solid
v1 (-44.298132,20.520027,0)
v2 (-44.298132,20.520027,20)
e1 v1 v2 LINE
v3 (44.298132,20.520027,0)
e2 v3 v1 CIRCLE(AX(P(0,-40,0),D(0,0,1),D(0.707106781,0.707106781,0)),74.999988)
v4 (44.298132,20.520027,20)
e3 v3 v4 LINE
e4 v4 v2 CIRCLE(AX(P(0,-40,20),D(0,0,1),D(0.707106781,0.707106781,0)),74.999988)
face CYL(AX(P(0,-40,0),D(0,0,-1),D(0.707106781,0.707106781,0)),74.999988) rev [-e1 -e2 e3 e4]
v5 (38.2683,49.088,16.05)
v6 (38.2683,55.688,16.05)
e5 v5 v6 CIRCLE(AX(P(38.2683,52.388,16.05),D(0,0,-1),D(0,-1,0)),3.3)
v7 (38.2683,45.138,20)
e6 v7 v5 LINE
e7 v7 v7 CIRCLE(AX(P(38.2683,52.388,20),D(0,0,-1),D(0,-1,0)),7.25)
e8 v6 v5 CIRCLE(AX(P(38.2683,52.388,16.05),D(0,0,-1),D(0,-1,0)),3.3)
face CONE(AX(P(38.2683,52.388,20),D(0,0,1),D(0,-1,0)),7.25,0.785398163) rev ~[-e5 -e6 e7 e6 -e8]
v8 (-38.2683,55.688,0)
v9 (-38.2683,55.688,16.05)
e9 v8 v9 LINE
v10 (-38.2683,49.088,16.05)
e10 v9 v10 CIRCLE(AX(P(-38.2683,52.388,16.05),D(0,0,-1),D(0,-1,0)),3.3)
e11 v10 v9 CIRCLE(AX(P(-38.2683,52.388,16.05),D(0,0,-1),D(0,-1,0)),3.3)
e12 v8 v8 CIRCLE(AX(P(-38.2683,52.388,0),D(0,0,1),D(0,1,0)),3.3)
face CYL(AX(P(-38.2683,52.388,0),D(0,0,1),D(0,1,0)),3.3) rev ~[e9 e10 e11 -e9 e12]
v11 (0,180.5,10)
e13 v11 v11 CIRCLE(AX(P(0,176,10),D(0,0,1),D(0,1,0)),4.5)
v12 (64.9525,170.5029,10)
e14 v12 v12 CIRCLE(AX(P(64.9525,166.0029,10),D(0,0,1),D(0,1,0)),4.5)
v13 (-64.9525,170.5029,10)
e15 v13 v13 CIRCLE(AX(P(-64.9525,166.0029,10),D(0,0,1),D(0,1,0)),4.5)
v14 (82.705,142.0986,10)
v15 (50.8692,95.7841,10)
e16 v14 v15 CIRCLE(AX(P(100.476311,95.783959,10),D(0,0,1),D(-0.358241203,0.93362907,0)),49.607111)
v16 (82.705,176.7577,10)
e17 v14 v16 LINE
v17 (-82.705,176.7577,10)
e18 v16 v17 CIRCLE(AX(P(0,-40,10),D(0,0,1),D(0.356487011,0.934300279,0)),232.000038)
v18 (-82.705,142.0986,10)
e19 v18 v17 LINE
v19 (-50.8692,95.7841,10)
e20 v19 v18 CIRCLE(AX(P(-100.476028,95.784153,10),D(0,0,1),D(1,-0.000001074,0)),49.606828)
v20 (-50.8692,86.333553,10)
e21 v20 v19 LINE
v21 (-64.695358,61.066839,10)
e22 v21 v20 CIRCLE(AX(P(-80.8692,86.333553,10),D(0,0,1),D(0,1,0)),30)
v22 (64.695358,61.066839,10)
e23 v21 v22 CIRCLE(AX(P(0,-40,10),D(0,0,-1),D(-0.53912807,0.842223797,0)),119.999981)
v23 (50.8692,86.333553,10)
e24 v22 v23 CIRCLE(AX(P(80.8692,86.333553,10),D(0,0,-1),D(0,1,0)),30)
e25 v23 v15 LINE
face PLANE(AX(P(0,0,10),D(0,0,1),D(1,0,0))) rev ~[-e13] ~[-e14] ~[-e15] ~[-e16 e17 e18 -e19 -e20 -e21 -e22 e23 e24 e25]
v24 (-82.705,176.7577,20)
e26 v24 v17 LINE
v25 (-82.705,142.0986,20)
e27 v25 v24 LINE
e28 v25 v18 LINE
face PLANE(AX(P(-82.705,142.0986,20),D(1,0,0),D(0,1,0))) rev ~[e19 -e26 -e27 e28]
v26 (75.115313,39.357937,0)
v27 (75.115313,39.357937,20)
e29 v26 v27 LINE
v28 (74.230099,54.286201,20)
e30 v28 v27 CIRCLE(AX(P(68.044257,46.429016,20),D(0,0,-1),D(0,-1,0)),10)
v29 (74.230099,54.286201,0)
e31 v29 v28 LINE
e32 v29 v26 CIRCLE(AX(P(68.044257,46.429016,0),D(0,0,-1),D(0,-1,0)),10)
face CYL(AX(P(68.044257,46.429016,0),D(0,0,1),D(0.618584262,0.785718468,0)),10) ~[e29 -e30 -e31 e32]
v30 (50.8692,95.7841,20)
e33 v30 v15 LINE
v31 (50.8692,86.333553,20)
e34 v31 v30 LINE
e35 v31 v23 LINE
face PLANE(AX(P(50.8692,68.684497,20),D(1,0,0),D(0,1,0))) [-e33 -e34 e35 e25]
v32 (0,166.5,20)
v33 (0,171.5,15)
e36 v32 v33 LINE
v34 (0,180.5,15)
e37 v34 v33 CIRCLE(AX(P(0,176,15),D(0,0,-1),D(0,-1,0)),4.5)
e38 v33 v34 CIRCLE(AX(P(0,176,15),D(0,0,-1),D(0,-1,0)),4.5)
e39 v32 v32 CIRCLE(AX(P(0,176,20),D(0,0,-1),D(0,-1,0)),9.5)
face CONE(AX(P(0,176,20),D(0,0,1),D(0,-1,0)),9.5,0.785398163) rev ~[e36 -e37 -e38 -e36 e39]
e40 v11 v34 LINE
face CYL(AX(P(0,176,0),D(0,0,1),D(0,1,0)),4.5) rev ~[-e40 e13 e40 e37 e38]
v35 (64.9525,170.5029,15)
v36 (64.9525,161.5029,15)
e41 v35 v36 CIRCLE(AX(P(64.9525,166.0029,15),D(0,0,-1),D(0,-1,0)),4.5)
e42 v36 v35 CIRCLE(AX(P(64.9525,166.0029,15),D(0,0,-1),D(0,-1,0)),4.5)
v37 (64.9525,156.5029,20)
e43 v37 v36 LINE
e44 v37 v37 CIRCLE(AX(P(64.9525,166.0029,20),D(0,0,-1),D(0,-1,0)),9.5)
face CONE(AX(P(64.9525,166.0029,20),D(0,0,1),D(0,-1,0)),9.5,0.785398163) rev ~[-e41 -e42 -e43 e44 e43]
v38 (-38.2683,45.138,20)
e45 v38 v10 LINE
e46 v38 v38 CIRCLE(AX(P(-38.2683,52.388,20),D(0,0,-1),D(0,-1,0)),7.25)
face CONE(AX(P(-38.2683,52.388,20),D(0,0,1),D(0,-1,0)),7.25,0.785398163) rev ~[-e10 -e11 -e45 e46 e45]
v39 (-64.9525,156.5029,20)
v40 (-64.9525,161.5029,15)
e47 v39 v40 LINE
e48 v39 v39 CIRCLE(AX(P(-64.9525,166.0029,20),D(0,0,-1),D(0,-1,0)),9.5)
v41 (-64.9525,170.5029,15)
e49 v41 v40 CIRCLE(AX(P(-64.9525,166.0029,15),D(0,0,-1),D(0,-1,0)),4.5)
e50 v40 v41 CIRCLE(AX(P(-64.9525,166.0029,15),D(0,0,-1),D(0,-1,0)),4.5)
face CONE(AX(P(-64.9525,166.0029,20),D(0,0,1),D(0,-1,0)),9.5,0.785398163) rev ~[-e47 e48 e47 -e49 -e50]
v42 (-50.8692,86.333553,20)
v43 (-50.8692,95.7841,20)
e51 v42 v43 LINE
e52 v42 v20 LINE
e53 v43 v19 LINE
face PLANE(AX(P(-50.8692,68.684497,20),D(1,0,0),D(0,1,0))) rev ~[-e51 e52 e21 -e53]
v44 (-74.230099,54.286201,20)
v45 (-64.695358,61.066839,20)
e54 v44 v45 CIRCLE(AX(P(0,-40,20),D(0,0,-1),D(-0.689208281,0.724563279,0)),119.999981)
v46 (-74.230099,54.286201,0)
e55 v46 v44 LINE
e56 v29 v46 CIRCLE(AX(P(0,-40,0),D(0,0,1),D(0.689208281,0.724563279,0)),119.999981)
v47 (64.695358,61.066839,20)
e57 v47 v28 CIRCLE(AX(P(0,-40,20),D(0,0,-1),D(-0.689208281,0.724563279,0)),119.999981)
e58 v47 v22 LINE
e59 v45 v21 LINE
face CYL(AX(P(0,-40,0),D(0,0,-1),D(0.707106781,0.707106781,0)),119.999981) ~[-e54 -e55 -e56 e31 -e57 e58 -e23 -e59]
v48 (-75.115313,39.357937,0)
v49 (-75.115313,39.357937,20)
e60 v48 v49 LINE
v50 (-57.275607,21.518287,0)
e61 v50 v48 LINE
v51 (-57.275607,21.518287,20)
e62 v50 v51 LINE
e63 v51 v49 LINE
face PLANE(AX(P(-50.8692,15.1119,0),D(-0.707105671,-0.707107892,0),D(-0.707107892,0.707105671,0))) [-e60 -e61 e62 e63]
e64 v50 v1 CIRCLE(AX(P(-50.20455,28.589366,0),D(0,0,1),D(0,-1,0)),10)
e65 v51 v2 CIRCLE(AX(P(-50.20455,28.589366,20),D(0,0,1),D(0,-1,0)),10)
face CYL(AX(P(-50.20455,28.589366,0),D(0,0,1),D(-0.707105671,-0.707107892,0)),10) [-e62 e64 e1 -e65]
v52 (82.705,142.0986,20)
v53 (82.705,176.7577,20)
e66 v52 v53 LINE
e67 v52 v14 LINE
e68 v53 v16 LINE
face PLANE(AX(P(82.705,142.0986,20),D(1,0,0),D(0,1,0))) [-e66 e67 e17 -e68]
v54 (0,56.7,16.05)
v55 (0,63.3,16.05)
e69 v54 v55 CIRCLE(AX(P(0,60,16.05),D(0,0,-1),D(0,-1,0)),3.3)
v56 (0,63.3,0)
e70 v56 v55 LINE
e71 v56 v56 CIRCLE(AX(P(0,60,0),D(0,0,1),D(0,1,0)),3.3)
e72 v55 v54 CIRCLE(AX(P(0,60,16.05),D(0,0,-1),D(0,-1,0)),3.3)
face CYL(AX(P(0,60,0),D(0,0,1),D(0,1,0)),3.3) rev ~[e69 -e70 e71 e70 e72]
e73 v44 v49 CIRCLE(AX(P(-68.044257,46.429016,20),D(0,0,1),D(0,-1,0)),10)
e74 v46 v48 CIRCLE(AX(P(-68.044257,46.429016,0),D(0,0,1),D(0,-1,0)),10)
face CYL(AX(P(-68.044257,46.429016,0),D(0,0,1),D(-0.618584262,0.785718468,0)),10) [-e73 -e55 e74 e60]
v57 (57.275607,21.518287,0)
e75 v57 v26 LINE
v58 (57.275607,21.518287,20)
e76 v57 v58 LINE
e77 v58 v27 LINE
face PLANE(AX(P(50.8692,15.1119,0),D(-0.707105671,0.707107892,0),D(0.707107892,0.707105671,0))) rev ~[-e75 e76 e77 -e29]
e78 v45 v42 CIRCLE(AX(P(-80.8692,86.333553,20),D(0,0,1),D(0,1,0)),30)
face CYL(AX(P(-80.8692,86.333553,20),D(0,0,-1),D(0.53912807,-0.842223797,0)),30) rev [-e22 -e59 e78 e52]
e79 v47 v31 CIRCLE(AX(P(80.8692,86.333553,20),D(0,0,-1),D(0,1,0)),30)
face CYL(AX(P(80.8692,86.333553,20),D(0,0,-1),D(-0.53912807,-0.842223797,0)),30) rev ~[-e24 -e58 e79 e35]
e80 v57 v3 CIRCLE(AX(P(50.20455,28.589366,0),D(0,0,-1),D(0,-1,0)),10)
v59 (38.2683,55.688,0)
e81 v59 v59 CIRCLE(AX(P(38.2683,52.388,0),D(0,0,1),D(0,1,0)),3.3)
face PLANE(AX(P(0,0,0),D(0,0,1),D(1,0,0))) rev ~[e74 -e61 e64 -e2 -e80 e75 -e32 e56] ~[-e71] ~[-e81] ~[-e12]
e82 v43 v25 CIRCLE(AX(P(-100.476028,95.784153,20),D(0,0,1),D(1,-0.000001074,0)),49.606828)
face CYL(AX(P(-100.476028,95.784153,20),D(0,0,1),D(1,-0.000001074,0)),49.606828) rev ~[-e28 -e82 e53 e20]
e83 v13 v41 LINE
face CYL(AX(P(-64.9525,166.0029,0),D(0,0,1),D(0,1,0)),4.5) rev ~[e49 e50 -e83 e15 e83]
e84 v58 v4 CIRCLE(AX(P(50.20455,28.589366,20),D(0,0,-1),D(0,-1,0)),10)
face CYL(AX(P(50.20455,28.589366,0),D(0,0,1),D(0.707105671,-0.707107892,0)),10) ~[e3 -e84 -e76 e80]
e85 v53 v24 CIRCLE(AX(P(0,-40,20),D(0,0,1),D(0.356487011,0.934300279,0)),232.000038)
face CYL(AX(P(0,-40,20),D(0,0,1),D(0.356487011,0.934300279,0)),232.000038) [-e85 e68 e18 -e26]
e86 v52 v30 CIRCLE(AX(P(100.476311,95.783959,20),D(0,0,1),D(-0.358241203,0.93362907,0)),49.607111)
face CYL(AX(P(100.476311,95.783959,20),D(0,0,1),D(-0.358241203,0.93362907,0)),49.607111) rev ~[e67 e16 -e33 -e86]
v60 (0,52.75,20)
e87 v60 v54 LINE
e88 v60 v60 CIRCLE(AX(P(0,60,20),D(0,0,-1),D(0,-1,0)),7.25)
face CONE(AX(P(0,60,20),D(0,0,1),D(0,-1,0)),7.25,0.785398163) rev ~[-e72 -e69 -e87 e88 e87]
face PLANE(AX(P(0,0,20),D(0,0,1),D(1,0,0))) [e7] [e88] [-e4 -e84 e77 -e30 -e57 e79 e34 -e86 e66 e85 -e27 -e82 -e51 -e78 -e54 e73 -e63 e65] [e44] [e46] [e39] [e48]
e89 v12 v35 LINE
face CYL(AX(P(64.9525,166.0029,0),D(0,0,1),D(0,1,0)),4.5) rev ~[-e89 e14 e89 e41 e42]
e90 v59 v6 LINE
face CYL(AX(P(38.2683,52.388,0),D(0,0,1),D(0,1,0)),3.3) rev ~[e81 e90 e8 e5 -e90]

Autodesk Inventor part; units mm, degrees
ref_plane "YZ Plane" through (0, 0, 0) normal (1, 0, 0) x (0, 1, 0)
ref_plane "XZ Plane" through (0, 0, 0) normal (0, 1, 0) x (-1, 0, 0)
ref_plane "XY Plane" through (0, 0, 0) normal (0, 0, 1) x (1, 0, 0)
sketch "Skizze1" plane through (0, 0, 0) normal (0, 0, 1) x (1, 0, 0)
  arc A0 (119.8865, -45.2174) -> (-119.8865, -45.2174) centre (0, -40) ccw construction
  arc A1 (53.033, 13.033) -> (-53.033, 13.033) centre (0, -40) ccw construction
  line L0 (53.033, 13.033) -> (84.8528, 44.8528)
  line L1 (26.163, -9.5944) -> (68.5894, 32.832) construction
  line L2 (0, 0) -> (0, 80) construction
  line L3 (-53.033, 13.033) -> (-84.8528, 44.8528)
  arc A2 (53.033, 13.033) -> (-53.033, 13.033) centre (0, -40) ccw
  arc A3 (84.8528, 44.8528) -> (-84.8528, 44.8528) centre (0, -40) ccw
  arc A4 (41.04, 51.2399) -> (35.4967, 53.536) centre (38.2683, 52.388) ccw construction
  arc A5 (-35.4967, 53.536) -> (-41.04, 51.2399) centre (-38.2683, 52.388) ccw construction
  arc A6 (3, 60) -> (-3, 60) centre (0, 60) ccw construction
  line L4 (50.8692, 15.1119) -> (82.705, 46.9476)
  line L5 (-68.5894, 32.832) -> (-26.163, -9.5944) construction
  line L6 (-50.8692, 15.1119) -> (-82.705, 46.9476)
  circle A7 centre (0, -40) radius 16.5 construction
  line L7 (0, -40) -> (0, 160) construction
  arc A8 (82.705, 176.7577) -> (-82.705, 176.7577) centre (0, -40) ccw
  line L8 (82.705, 46.9476) -> (82.705, 176.7577)
  line L9 (-82.705, 46.9476) -> (-82.705, 176.7577)
  arc A9 (82.705, 142.0986) -> (-82.705, 142.0986) centre (0, -40) ccw construction
  line L10 (50.8692, 15.1119) -> (50.8692, 95.7841)
  arc A10 (82.705, 142.0986) -> (50.8692, 95.7841) centre (100.4762, 95.7841) ccw
  arc A11 (82.705, 79.1003) -> (-82.705, 79.1003) centre (0, -40) ccw construction
  line L11 (-50.8692, 15.1119) -> (-50.8692, 95.7841)
  arc A12 (-50.8692, 95.7841) -> (-82.705, 142.0986) centre (-100.4762, 95.7841) ccw
  arc A13 (82.705, 159.5392) -> (-82.705, 159.5392) centre (0, -40) ccw construction
  line L12 (64.9525, 166.0029) -> (0, -40) construction
  line L13 (0, -40) -> (-64.9525, 166.0029) construction
  circle A14 centre (64.9525, 166.0029) radius 30 construction
  circle A15 centre (0, 176) radius 30 construction
  circle A16 centre (-64.9525, 166.0029) radius 30 construction
  line L14 (0, 105) -> (0, 125) construction
  line L15 (6, 105) -> (6, 125)
  line L16 (-6, 125) -> (-6, 105)
  arc A17 (-6, 105) -> (6, 105) centre (0, 105) ccw
  arc A18 (6, 125) -> (-6, 125) centre (0, 125) ccw
  point P0 (0, 192)
  point P1 (-50.8692, 68.6845)
  point P2 (50.8692, 68.6845)
  point P3 (0, 115)
  dimension "d0" = 45
  dimension "d4" = 200
  dimension "d5" = 32
  dimension "d6" = 25
  dimension "d7" = 32
  dimension "d8" = 16
  dimension "d9" = 35
  dimension "d10" = 17.5
  dimension "d11" = 60
  dimension "d12" = 60
  dimension "d13" = 60
  dimension "d32" = 20
  dimension "d33" = 12
extrude "Extrusion1" add sketch "Skizze1" along normal blind 20 contours L10 A3 L4 | A2 L11 A3 L10 | L6 A3 L11
ref_plane "Arbeitsebene1" through (0, 0, 10) normal (0, 0, 1) x (1, 0, 0)
extrude "Extrusion2" add sketch "Skizze1" against normal blind 10 from surface at 20 contours A3 L11 A12 L9 A8 L8 A10 L10 | A17 L16 A18 L15
hole "Bohrung1" at (38.2683, 52.388, 0) at (0, 60, 0) at (-38.2683, 52.388, 0) direction (0, 0, 1) diameter 6.6 end through all clearance for "Inbusschraube DIN EN ISO 4762" size "M6" standard "DIN"
hole "Bohrung2" at (64.9525, 166.0029, 0) at (0, 176, 0) at (-64.9525, 166.0029, 0) direction (0, 0, 1) diameter 9 end through all clearance for "Inbusschraube DIN EN ISO 4762" size "M8" standard "DIN"
fillet "Rundung1" radius 30 2 edges at (50.8692, 68.6845, 15) (-50.8692, 68.6845, 15)
fillet "Rundung2" radius 10 4 edges at (-82.705, 46.9476, 10) (82.705, 46.9476, 10) (50.8692, 15.1119, 10) (-50.8692, 15.1119, 10)
sketch "Skizze2" plane through (0, 0, 20) normal (0, 0, 1) x (1, 0, 0)
  point P0 (0, 0)
  point P1 (64.9525, 166.0029)
  point P2 (0, 176)
  point P3 (-64.9525, 166.0029)
hole "Bohrung3" at (64.9525, 166.0029, 20) at (0, 176, 20) at (-64.9525, 166.0029, 20) direction (0, 0, -1) diameter 9 end through all countersink diameter 19 countersink angle 90 clearance for "Innensechskant-Senkkopfschraube DIN EN ISO 10642" size "M8" standard "DIN"
sketch "Skizze3" plane through (0, 0, 20) normal (0, 0, 1) x (1, 0, 0)
  point P0 (0, 0)
  point P1 (38.2683, 52.388)
  point P2 (0, 60)
  point P3 (-38.2683, 52.388)
hole "Bohrung4" at (38.2683, 52.388, 20) at (0, 60, 20) at (-38.2683, 52.388, 20) direction (0, 0, -1) diameter 6.6 end through all countersink diameter 14.5 countersink angle 90 clearance for "Innensechskant-Senkkopfschraube DIN EN ISO 10642" size "M6" standard "DIN"
equation "\"d8\" = 0.5 * d7"
equation "\"d10\" = 0.5 * d9"
properties part number "CounterweightFixation_Axis0" material "PMMA-Kunststoff"
